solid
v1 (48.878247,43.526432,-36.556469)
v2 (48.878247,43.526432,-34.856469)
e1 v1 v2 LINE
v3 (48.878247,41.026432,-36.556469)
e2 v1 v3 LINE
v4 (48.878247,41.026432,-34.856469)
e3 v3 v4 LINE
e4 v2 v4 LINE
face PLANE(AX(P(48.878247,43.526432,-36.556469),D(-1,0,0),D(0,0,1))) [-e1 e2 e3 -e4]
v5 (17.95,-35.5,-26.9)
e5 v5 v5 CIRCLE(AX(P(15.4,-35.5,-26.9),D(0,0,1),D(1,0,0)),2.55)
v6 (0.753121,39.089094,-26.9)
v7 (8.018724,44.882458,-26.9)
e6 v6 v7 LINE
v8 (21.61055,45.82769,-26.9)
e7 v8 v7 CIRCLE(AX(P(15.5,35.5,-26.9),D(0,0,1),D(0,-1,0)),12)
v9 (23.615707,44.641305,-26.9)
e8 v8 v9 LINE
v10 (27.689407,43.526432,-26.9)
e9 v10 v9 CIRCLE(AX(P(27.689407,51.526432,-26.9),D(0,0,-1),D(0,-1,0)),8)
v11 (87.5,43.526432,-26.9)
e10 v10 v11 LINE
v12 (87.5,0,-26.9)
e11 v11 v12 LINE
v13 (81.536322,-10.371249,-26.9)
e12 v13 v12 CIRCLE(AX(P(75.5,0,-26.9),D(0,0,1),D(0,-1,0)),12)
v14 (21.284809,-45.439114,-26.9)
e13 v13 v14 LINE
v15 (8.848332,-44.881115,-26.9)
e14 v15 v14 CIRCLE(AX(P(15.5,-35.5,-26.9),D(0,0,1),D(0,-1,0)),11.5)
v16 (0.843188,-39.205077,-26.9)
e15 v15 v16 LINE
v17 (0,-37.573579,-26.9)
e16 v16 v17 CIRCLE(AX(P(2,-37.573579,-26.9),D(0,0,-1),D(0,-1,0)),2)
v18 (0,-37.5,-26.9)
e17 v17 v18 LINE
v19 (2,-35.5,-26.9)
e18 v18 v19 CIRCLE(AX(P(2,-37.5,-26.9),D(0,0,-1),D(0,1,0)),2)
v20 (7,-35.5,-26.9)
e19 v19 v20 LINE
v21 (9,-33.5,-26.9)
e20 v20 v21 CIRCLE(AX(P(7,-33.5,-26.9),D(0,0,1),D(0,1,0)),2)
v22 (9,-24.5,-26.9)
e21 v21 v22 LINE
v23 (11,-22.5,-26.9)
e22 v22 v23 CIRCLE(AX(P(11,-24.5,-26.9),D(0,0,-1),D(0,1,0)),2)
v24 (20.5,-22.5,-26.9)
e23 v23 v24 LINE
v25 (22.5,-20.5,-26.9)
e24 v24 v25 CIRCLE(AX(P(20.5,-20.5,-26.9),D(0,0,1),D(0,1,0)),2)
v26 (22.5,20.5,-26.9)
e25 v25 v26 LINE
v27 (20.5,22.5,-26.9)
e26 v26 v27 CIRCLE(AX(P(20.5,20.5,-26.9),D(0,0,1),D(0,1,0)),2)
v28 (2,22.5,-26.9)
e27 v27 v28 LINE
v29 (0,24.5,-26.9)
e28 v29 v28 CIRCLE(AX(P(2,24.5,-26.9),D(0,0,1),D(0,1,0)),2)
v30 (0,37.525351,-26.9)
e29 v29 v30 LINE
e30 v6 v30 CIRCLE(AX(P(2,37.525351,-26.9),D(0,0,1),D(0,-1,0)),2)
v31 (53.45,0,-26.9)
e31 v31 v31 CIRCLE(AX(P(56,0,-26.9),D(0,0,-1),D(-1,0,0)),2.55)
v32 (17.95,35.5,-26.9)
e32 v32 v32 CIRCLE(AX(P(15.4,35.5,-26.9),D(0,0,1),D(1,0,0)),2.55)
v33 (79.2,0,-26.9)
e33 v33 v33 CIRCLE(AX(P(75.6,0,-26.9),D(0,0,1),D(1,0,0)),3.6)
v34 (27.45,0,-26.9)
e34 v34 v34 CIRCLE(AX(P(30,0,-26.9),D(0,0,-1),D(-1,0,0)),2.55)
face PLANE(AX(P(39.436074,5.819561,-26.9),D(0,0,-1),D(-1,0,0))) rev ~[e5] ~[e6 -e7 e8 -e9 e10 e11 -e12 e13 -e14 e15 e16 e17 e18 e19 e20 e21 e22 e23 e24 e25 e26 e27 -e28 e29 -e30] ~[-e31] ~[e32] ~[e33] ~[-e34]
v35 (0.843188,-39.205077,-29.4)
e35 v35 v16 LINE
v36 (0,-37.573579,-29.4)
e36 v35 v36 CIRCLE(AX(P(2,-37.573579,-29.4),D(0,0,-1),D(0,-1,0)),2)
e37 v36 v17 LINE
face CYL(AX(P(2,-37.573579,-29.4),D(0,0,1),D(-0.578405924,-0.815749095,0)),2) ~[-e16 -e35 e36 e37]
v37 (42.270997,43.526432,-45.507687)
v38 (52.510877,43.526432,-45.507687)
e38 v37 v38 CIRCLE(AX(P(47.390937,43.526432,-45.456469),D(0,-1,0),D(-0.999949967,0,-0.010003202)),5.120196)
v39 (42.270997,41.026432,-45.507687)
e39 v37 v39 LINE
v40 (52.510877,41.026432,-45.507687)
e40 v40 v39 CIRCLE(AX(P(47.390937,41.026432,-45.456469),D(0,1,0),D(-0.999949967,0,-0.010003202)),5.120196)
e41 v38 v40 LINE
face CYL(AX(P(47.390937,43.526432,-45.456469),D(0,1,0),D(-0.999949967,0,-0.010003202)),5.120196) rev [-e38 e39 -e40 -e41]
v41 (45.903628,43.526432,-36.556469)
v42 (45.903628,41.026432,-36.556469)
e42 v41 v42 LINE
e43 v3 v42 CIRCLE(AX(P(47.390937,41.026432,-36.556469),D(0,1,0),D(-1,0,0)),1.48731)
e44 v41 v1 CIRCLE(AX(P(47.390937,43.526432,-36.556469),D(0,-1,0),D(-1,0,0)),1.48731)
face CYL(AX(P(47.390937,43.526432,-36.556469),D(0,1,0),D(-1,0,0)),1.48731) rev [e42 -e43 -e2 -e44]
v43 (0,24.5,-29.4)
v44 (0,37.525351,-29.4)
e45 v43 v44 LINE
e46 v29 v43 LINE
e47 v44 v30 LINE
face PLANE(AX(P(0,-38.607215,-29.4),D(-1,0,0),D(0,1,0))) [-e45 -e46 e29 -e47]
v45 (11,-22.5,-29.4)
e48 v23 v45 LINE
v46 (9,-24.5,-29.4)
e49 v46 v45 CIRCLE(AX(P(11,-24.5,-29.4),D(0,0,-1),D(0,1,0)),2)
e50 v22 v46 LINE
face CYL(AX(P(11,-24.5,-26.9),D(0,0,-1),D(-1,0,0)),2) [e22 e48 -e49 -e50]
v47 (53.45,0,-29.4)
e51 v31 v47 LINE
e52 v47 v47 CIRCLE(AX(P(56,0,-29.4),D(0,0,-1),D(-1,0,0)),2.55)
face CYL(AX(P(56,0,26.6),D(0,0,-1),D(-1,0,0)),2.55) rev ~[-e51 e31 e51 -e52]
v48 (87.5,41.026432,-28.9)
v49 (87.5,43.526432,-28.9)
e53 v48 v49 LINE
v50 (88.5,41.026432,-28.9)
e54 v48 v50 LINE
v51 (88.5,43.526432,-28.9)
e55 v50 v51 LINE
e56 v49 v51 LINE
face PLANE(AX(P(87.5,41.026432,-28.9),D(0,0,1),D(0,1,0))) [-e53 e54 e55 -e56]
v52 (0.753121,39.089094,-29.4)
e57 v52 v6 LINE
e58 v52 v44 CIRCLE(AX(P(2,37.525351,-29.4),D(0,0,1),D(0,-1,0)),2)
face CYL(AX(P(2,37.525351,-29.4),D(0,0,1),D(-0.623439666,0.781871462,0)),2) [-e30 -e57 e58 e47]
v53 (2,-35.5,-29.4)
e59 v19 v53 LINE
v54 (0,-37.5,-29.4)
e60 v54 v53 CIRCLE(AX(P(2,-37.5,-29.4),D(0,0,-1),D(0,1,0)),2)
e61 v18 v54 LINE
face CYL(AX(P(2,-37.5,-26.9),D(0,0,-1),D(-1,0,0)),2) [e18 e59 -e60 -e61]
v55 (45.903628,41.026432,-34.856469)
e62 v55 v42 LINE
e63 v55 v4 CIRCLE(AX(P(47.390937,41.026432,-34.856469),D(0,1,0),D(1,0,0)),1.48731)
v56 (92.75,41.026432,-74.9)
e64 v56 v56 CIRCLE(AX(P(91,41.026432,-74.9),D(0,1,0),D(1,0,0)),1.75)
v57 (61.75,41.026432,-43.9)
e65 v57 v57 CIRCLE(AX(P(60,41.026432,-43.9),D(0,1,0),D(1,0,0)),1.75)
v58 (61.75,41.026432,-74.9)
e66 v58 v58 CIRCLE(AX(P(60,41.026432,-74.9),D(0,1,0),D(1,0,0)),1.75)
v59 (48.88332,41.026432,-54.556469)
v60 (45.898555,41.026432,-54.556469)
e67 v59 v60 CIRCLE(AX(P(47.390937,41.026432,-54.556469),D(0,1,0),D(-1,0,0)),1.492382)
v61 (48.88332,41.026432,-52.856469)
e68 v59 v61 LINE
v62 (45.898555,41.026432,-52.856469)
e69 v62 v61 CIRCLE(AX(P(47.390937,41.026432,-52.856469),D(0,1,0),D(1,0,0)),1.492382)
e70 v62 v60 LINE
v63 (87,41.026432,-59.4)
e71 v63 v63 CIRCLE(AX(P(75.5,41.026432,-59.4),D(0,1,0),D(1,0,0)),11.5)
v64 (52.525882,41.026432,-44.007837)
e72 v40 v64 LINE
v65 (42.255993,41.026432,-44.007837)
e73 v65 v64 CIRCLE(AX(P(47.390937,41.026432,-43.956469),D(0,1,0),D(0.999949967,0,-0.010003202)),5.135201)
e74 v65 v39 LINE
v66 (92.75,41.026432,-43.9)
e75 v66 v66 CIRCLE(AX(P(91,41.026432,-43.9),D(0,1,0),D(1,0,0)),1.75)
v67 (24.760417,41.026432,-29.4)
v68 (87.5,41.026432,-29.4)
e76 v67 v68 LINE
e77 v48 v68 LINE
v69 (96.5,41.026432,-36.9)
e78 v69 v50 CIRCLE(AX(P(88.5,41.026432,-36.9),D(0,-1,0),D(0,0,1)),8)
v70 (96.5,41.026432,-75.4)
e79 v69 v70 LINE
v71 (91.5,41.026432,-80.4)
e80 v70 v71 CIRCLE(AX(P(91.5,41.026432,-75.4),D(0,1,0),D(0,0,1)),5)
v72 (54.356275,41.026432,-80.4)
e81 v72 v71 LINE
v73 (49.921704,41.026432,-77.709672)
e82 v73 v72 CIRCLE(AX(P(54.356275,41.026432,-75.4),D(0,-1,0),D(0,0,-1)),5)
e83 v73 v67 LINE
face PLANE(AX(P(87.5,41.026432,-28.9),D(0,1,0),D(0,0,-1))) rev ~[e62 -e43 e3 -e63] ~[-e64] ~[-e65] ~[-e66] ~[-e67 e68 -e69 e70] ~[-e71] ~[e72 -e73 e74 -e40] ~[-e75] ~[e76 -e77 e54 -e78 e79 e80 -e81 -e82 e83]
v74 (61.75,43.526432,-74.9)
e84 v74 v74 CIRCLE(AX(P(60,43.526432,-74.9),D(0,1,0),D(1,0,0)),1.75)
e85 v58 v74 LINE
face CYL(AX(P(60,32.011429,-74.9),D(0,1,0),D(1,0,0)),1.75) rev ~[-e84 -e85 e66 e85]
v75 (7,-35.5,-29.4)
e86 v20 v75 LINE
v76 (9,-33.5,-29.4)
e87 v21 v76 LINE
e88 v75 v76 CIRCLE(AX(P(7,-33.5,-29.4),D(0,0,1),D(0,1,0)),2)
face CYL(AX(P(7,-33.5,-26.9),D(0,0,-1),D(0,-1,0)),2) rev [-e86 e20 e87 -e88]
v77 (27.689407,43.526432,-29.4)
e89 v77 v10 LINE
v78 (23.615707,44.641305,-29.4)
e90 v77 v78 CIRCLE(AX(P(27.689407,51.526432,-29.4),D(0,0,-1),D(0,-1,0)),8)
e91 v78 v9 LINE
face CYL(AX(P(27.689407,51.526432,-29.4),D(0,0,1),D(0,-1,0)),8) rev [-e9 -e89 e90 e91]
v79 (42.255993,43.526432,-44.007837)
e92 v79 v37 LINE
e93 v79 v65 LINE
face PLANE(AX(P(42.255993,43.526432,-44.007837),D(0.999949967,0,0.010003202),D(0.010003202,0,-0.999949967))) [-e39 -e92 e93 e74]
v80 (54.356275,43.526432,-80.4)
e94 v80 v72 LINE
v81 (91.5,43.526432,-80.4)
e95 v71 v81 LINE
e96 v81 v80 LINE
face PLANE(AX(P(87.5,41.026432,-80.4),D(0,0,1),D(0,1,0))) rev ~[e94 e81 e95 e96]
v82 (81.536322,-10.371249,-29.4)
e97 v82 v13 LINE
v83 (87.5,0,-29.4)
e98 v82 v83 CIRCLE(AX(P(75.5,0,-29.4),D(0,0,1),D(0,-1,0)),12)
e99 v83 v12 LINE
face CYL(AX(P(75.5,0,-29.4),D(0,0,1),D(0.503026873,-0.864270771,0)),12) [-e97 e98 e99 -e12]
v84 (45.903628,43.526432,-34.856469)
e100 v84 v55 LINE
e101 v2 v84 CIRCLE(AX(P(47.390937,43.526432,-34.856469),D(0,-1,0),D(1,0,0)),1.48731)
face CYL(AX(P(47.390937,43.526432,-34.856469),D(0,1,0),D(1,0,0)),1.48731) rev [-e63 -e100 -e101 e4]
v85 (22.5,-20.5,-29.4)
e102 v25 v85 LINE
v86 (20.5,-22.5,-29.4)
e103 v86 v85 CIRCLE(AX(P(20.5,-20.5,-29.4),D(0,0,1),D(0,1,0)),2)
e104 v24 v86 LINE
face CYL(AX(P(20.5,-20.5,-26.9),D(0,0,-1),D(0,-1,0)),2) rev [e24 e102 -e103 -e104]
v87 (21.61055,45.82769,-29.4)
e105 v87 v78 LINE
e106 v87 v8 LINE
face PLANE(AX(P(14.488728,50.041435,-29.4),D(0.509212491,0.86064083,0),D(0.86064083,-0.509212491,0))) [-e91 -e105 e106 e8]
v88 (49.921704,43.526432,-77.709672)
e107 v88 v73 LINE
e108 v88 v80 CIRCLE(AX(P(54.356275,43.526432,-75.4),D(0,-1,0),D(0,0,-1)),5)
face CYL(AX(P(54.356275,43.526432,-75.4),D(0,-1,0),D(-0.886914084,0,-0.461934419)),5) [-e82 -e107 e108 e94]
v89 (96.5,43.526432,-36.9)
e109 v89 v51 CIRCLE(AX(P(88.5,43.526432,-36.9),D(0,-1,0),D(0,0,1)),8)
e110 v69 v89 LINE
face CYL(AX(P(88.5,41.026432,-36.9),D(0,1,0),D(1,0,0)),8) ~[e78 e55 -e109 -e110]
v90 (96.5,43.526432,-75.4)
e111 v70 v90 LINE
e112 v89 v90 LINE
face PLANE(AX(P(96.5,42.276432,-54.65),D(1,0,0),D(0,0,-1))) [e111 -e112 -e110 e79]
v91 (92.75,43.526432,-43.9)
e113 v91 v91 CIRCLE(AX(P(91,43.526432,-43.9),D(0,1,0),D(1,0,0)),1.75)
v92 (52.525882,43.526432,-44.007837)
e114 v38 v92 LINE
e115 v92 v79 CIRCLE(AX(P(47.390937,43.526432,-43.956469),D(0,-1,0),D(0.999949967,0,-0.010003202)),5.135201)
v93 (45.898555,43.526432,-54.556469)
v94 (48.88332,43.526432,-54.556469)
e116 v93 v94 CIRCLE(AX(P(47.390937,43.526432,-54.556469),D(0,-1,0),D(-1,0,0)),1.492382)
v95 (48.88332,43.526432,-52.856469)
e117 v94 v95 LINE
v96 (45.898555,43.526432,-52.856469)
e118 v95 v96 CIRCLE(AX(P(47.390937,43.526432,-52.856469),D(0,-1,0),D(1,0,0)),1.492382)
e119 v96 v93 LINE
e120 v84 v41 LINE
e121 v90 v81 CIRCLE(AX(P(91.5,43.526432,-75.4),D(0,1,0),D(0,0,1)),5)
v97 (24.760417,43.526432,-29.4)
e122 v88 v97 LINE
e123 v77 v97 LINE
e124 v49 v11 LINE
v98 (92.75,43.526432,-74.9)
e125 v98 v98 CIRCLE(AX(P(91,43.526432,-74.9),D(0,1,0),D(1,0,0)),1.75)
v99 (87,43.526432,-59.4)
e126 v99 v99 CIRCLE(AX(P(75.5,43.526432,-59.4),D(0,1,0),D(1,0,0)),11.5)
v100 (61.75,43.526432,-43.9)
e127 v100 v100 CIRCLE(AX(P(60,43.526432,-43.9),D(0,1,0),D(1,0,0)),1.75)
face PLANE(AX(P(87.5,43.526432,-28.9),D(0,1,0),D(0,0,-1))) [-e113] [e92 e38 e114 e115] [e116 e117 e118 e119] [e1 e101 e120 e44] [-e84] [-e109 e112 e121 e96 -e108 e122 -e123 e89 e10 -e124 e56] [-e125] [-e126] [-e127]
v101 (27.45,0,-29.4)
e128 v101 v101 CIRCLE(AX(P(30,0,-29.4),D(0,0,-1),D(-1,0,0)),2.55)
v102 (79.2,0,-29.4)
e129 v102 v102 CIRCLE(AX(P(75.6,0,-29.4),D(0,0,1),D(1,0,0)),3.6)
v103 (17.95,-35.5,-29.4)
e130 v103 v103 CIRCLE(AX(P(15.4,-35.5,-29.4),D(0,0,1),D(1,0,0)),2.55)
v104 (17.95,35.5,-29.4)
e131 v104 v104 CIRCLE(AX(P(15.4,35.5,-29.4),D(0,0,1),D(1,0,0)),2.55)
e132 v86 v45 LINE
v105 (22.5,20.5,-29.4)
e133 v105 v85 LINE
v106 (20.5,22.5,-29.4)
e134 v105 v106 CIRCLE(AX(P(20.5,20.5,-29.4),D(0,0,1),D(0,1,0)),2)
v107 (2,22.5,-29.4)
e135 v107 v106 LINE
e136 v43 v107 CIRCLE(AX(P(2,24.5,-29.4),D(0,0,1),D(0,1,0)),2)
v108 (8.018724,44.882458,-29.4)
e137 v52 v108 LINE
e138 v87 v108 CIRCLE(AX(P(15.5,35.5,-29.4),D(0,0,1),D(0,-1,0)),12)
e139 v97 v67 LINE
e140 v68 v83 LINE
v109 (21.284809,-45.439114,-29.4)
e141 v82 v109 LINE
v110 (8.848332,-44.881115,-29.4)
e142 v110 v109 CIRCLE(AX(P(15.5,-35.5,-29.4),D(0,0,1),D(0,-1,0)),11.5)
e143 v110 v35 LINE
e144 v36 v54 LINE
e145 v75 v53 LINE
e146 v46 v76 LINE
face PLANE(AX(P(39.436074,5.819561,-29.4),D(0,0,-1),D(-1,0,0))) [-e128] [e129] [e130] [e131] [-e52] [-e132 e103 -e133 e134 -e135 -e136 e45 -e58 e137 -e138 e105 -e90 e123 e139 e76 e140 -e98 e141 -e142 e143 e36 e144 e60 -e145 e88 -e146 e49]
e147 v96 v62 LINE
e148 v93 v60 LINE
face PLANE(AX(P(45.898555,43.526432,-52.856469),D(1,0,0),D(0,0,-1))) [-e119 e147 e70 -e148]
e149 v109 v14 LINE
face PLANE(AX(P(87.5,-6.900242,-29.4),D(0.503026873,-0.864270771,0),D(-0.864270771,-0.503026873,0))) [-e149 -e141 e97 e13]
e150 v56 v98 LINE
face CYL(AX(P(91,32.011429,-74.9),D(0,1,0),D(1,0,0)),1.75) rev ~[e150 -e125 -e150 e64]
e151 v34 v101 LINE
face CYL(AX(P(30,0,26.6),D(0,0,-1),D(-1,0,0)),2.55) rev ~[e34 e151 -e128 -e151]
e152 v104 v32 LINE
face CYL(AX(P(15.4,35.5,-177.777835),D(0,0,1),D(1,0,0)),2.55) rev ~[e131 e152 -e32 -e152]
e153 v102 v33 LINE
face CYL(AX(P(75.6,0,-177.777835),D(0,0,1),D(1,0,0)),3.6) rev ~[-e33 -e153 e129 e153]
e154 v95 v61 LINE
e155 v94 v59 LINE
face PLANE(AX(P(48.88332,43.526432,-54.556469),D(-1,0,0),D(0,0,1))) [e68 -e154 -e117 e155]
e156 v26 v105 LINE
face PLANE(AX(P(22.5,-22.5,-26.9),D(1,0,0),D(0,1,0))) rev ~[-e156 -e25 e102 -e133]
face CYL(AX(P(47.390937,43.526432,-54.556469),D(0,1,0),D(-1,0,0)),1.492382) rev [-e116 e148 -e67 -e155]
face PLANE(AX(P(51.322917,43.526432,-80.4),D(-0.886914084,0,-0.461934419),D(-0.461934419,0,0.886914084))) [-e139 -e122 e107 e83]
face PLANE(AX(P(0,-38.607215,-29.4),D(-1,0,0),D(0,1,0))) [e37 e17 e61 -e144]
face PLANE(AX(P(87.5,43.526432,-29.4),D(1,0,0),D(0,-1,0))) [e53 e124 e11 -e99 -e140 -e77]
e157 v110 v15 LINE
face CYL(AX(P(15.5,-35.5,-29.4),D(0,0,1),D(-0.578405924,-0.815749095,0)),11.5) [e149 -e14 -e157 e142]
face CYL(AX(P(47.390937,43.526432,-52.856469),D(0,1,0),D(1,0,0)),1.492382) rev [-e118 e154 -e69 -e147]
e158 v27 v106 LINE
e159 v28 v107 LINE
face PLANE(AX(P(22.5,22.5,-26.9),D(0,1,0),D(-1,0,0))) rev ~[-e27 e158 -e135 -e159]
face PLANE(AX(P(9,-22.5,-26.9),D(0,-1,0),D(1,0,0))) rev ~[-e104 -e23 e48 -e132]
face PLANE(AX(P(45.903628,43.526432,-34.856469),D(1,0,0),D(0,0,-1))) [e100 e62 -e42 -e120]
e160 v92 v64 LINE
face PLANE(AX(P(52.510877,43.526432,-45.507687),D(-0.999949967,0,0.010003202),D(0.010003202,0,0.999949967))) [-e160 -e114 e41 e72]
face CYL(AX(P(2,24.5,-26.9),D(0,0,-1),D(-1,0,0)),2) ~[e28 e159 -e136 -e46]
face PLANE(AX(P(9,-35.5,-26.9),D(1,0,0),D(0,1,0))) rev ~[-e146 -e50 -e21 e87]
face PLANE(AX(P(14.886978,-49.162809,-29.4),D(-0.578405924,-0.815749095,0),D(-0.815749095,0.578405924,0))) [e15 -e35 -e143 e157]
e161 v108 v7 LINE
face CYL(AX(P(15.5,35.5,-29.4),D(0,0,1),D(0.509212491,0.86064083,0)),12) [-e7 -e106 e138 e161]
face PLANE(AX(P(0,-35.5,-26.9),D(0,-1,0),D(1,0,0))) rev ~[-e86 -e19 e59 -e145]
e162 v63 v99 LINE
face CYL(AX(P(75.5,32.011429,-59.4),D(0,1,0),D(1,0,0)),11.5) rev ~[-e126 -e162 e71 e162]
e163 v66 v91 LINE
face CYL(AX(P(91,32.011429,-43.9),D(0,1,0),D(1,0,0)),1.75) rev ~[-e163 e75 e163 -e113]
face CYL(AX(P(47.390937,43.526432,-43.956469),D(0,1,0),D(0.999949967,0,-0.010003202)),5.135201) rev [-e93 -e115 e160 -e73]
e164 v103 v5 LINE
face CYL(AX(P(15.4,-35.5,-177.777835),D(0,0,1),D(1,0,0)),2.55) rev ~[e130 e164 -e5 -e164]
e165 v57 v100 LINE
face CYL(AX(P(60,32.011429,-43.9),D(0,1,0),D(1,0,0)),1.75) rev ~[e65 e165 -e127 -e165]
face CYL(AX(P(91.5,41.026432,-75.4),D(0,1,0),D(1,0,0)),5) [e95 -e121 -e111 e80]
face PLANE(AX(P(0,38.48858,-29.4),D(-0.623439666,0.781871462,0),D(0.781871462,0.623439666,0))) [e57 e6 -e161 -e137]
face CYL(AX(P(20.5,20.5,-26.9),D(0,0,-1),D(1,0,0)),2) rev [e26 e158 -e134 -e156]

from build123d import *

# Parameters (mm, degrees)
SALIENTE_EXTRUIR1_DEPTH             = 2.5
CROQUIS2_W                          = 51
CROQUIS2_H                          = 2.5
SALIENTE_EXTRUIR2_DEPTH             = 36.177083333
SALIENTE_EXTRUIR3_DEPTH             = 2.5
CROQUIS4_W                          = 51.5
CROQUIS4_H                          = 2.5
SALIENTE_EXTRUIR4_DEPTH             = 9
CORTAR_EXTRUIR1_DEPTH               = 122.155458756
DI_METRO_DE_TALADRO_5_1_5_1_1_D     = 5.1
DI_METRO_DE_TALADRO_5_1_5_1_1_DEPTH = 53.5
DI_METRO_DE_TALADRO_5_1_5_1_2_D     = 5.1
DI_METRO_DE_TALADRO_7_2_7_2_1_D     = 7.2
DI_METRO_DE_TALADRO_23_0_23_1_D     = 23
DI_METRO_DE_TALADRO_23_0_23_1_DEPTH = 9.015002711
DI_METRO_DE_TALADRO_3_5_3_5_1_D     = 3.5
DI_METRO_DE_TALADRO_3_5_3_5_1_DEPTH = 9.015002711
REDONDEO1_R                         = 2
REDONDEO2_R                         = 5
REDONDEO3_R                         = 8
REDONDEO4_R                         = 11.5
REDONDEO5_R                         = 12
CORTAR_EXTRUIR2_DEPTH               = 10


with BuildPart() as part:
    # Croquis1 → Saliente-Extruir1 (new body)
    with BuildSketch(Plane(origin=(0, 43.526431985, 0), x_dir=(1, 0, 0), z_dir=(0, 1, 0))):
        Polygon((24.760416667, 29.4), (51.322916667, 29.4), (51.322916667, 80.4), align=None)
    extrude(amount=-SALIENTE_EXTRUIR1_DEPTH)

    # Croquis2 → Saliente-Extruir2 (add)
    with BuildSketch(Plane(origin=(51.322916667, 0, 0), x_dir=(0, 0, -1), z_dir=(1, 0, 0))):
        with Locations((54.9, 42.276431985)):
            Rectangle(CROQUIS2_W, CROQUIS2_H)
    extrude(amount=SALIENTE_EXTRUIR2_DEPTH)

    # Croquis3 → Saliente-Extruir3 (add)
    with BuildSketch(Plane.XY.offset(-29.4)):
        Polygon((0, -38.607215424), (0, 38.4885797), (14.488727812, 50.041434696), (25.5, 43.526431985), (87.5, 43.526431985), (87.5, -6.900242064), (14.886977722, -49.162809247), align=None)
    extrude(amount=SALIENTE_EXTRUIR3_DEPTH)

    # Croquis4 → Saliente-Extruir4 (add)
    with BuildSketch(Plane(origin=(87.5, 0, 0), x_dir=(0, 0, -1), z_dir=(1, 0, 0))):
        with Locations((54.65, 42.276431985)):
            Rectangle(CROQUIS4_W, CROQUIS4_H)
    extrude(amount=SALIENTE_EXTRUIR4_DEPTH)

    # Croquis5 → Cortar-Extruir1 (cut, through all)
    with BuildSketch(Plane.XY.offset(-26.9)):
        Polygon((0, 22.5), (0, -35.5), (9, -35.5), (9, -22.5), (22.5, -22.5), (22.5, 22.5), align=None)
    extrude(amount=-CORTAR_EXTRUIR1_DEPTH, mode=Mode.SUBTRACT)

    # Diámetro de taladro Ø5.1 (5.1)1
    with Locations(Plane.XY.offset(-26.9)):
        with Locations((56, 0), (30, 0)):
            Hole(DI_METRO_DE_TALADRO_5_1_5_1_1_D / 2, depth=DI_METRO_DE_TALADRO_5_1_5_1_1_DEPTH)

    # Diámetro de taladro Ø5.1 (5.1)2 (through all)
    with Locations(Plane(origin=(0, 0, -29.4), x_dir=(-1, 0, 0), z_dir=(0, 0, -1))):
        with Locations((-15.4, -35.5), (-15.4, 35.5)):
            Hole(DI_METRO_DE_TALADRO_5_1_5_1_2_D / 2)

    # Diámetro de taladro Ø7.2 (7.2)1 (through all)
    with Locations(Plane(origin=(0, 0, -29.4), x_dir=(-1, 0, 0), z_dir=(0, 0, -1))):
        with Locations((-75.6, 0)):
            Hole(DI_METRO_DE_TALADRO_7_2_7_2_1_D / 2)

    # Diámetro de taladro Ø23.0 (23)1
    with Locations(Plane(origin=(0, 41.026431985, 0), x_dir=(-1, 0, 0), z_dir=(0, -1, 0))):
        with Locations((-75.5, 59.4)):
            Hole(DI_METRO_DE_TALADRO_23_0_23_1_D / 2, depth=DI_METRO_DE_TALADRO_23_0_23_1_DEPTH)

    # Diámetro de taladro Ø3.5 (3.5)1
    with Locations(Plane(origin=(0, 41.026431985, 0), x_dir=(-1, 0, 0), z_dir=(0, -1, 0))):
        with Locations((-60, 74.9), (-91, 43.9), (-60, 43.9), (-91, 74.9)):
            Hole(DI_METRO_DE_TALADRO_3_5_3_5_1_D / 2, depth=DI_METRO_DE_TALADRO_3_5_3_5_1_DEPTH)

    # Redondeo1
    redondeo1_edges = [part.edges().sort_by_distance(p)[0] for p in [
        (0, -38.607215424, -28.15),
        (0, 38.4885797, -28.15),
        (0, 22.5, -28.15),
        (22.5, 22.5, -28.15),
        (22.5, -22.5, -28.15),
        (9, -22.5, -28.15),
        (9, -35.5, -28.15),
        (0, -35.5, -28.15),
    ]]
    fillet(redondeo1_edges, radius=REDONDEO1_R)

    # Redondeo2
    redondeo2_edges = [part.edges().sort_by_distance(p)[0] for p in [
        (96.5, 42.276431985, -80.4),
        (51.322916667, 42.276431985, -80.4),
    ]]
    fillet(redondeo2_edges, radius=REDONDEO2_R)

    # Redondeo3
    redondeo3_edges = [part.edges().sort_by_distance(p)[0] for p in [
        (25.5, 43.526431985, -28.15),
        (96.5, 42.276431985, -28.9),
    ]]
    fillet(redondeo3_edges, radius=REDONDEO3_R)

    # Redondeo4
    redondeo4_edges = [part.edges().sort_by_distance(p)[0] for p in [
        (14.886977722, -49.162809247, -28.15),
    ]]
    fillet(redondeo4_edges, radius=REDONDEO4_R)

    # Redondeo5
    redondeo5_edges = [part.edges().sort_by_distance(p)[0] for p in [
        (87.5, -6.900242064, -28.15),
        (14.488727812, 50.041434696, -28.15),
    ]]
    fillet(redondeo5_edges, radius=REDONDEO5_R)

    # Croquis19 → Cortar-Extruir2 (cut)
    with BuildSketch(Plane(origin=(0, 43.526431985, 0), x_dir=(1, 0, 0), z_dir=(0, 1, 0))):
        with BuildLine():
            Line((42.255993265, 44.007837327), (42.270997317, 45.507687231))
            ThreePointArc((42.270997317, 45.507687231), (47.390937401, 50.576665136), (52.510877484, 45.507687231))
            Line((52.510877484, 45.507687231), (52.525881536, 44.007837327))
            ThreePointArc((52.525881536, 44.007837327), (47.390937401, 38.821267806), (42.255993265, 44.007837327))
        make_face()
        with BuildLine():
            Line((45.903627778, 34.856468872), (45.903627778, 36.556468872))
            ThreePointArc((45.903627778, 36.556468872), (47.390937401, 38.043778494), (48.878247023, 36.556468872))
            Line((48.878247023, 36.556468872), (48.878247023, 34.856468872))
            ThreePointArc((48.878247023, 34.856468872), (47.390937401, 33.36915925), (45.903627778, 34.856468872))
        make_face()
        with BuildLine():
            Line((45.898554991, 52.856468872), (45.898554991, 54.556468872))
            ThreePointArc((45.898554991, 54.556468872), (47.390937401, 56.048851282), (48.883319811, 54.556468872))
            Line((48.883319811, 54.556468872), (48.883319811, 52.856468872))
            ThreePointArc((48.883319811, 52.856468872), (47.390937401, 51.364086462), (45.898554991, 52.856468872))
        make_face()
    extrude(amount=-CORTAR_EXTRUIR2_DEPTH, mode=Mode.SUBTRACT)


solid = part.part
